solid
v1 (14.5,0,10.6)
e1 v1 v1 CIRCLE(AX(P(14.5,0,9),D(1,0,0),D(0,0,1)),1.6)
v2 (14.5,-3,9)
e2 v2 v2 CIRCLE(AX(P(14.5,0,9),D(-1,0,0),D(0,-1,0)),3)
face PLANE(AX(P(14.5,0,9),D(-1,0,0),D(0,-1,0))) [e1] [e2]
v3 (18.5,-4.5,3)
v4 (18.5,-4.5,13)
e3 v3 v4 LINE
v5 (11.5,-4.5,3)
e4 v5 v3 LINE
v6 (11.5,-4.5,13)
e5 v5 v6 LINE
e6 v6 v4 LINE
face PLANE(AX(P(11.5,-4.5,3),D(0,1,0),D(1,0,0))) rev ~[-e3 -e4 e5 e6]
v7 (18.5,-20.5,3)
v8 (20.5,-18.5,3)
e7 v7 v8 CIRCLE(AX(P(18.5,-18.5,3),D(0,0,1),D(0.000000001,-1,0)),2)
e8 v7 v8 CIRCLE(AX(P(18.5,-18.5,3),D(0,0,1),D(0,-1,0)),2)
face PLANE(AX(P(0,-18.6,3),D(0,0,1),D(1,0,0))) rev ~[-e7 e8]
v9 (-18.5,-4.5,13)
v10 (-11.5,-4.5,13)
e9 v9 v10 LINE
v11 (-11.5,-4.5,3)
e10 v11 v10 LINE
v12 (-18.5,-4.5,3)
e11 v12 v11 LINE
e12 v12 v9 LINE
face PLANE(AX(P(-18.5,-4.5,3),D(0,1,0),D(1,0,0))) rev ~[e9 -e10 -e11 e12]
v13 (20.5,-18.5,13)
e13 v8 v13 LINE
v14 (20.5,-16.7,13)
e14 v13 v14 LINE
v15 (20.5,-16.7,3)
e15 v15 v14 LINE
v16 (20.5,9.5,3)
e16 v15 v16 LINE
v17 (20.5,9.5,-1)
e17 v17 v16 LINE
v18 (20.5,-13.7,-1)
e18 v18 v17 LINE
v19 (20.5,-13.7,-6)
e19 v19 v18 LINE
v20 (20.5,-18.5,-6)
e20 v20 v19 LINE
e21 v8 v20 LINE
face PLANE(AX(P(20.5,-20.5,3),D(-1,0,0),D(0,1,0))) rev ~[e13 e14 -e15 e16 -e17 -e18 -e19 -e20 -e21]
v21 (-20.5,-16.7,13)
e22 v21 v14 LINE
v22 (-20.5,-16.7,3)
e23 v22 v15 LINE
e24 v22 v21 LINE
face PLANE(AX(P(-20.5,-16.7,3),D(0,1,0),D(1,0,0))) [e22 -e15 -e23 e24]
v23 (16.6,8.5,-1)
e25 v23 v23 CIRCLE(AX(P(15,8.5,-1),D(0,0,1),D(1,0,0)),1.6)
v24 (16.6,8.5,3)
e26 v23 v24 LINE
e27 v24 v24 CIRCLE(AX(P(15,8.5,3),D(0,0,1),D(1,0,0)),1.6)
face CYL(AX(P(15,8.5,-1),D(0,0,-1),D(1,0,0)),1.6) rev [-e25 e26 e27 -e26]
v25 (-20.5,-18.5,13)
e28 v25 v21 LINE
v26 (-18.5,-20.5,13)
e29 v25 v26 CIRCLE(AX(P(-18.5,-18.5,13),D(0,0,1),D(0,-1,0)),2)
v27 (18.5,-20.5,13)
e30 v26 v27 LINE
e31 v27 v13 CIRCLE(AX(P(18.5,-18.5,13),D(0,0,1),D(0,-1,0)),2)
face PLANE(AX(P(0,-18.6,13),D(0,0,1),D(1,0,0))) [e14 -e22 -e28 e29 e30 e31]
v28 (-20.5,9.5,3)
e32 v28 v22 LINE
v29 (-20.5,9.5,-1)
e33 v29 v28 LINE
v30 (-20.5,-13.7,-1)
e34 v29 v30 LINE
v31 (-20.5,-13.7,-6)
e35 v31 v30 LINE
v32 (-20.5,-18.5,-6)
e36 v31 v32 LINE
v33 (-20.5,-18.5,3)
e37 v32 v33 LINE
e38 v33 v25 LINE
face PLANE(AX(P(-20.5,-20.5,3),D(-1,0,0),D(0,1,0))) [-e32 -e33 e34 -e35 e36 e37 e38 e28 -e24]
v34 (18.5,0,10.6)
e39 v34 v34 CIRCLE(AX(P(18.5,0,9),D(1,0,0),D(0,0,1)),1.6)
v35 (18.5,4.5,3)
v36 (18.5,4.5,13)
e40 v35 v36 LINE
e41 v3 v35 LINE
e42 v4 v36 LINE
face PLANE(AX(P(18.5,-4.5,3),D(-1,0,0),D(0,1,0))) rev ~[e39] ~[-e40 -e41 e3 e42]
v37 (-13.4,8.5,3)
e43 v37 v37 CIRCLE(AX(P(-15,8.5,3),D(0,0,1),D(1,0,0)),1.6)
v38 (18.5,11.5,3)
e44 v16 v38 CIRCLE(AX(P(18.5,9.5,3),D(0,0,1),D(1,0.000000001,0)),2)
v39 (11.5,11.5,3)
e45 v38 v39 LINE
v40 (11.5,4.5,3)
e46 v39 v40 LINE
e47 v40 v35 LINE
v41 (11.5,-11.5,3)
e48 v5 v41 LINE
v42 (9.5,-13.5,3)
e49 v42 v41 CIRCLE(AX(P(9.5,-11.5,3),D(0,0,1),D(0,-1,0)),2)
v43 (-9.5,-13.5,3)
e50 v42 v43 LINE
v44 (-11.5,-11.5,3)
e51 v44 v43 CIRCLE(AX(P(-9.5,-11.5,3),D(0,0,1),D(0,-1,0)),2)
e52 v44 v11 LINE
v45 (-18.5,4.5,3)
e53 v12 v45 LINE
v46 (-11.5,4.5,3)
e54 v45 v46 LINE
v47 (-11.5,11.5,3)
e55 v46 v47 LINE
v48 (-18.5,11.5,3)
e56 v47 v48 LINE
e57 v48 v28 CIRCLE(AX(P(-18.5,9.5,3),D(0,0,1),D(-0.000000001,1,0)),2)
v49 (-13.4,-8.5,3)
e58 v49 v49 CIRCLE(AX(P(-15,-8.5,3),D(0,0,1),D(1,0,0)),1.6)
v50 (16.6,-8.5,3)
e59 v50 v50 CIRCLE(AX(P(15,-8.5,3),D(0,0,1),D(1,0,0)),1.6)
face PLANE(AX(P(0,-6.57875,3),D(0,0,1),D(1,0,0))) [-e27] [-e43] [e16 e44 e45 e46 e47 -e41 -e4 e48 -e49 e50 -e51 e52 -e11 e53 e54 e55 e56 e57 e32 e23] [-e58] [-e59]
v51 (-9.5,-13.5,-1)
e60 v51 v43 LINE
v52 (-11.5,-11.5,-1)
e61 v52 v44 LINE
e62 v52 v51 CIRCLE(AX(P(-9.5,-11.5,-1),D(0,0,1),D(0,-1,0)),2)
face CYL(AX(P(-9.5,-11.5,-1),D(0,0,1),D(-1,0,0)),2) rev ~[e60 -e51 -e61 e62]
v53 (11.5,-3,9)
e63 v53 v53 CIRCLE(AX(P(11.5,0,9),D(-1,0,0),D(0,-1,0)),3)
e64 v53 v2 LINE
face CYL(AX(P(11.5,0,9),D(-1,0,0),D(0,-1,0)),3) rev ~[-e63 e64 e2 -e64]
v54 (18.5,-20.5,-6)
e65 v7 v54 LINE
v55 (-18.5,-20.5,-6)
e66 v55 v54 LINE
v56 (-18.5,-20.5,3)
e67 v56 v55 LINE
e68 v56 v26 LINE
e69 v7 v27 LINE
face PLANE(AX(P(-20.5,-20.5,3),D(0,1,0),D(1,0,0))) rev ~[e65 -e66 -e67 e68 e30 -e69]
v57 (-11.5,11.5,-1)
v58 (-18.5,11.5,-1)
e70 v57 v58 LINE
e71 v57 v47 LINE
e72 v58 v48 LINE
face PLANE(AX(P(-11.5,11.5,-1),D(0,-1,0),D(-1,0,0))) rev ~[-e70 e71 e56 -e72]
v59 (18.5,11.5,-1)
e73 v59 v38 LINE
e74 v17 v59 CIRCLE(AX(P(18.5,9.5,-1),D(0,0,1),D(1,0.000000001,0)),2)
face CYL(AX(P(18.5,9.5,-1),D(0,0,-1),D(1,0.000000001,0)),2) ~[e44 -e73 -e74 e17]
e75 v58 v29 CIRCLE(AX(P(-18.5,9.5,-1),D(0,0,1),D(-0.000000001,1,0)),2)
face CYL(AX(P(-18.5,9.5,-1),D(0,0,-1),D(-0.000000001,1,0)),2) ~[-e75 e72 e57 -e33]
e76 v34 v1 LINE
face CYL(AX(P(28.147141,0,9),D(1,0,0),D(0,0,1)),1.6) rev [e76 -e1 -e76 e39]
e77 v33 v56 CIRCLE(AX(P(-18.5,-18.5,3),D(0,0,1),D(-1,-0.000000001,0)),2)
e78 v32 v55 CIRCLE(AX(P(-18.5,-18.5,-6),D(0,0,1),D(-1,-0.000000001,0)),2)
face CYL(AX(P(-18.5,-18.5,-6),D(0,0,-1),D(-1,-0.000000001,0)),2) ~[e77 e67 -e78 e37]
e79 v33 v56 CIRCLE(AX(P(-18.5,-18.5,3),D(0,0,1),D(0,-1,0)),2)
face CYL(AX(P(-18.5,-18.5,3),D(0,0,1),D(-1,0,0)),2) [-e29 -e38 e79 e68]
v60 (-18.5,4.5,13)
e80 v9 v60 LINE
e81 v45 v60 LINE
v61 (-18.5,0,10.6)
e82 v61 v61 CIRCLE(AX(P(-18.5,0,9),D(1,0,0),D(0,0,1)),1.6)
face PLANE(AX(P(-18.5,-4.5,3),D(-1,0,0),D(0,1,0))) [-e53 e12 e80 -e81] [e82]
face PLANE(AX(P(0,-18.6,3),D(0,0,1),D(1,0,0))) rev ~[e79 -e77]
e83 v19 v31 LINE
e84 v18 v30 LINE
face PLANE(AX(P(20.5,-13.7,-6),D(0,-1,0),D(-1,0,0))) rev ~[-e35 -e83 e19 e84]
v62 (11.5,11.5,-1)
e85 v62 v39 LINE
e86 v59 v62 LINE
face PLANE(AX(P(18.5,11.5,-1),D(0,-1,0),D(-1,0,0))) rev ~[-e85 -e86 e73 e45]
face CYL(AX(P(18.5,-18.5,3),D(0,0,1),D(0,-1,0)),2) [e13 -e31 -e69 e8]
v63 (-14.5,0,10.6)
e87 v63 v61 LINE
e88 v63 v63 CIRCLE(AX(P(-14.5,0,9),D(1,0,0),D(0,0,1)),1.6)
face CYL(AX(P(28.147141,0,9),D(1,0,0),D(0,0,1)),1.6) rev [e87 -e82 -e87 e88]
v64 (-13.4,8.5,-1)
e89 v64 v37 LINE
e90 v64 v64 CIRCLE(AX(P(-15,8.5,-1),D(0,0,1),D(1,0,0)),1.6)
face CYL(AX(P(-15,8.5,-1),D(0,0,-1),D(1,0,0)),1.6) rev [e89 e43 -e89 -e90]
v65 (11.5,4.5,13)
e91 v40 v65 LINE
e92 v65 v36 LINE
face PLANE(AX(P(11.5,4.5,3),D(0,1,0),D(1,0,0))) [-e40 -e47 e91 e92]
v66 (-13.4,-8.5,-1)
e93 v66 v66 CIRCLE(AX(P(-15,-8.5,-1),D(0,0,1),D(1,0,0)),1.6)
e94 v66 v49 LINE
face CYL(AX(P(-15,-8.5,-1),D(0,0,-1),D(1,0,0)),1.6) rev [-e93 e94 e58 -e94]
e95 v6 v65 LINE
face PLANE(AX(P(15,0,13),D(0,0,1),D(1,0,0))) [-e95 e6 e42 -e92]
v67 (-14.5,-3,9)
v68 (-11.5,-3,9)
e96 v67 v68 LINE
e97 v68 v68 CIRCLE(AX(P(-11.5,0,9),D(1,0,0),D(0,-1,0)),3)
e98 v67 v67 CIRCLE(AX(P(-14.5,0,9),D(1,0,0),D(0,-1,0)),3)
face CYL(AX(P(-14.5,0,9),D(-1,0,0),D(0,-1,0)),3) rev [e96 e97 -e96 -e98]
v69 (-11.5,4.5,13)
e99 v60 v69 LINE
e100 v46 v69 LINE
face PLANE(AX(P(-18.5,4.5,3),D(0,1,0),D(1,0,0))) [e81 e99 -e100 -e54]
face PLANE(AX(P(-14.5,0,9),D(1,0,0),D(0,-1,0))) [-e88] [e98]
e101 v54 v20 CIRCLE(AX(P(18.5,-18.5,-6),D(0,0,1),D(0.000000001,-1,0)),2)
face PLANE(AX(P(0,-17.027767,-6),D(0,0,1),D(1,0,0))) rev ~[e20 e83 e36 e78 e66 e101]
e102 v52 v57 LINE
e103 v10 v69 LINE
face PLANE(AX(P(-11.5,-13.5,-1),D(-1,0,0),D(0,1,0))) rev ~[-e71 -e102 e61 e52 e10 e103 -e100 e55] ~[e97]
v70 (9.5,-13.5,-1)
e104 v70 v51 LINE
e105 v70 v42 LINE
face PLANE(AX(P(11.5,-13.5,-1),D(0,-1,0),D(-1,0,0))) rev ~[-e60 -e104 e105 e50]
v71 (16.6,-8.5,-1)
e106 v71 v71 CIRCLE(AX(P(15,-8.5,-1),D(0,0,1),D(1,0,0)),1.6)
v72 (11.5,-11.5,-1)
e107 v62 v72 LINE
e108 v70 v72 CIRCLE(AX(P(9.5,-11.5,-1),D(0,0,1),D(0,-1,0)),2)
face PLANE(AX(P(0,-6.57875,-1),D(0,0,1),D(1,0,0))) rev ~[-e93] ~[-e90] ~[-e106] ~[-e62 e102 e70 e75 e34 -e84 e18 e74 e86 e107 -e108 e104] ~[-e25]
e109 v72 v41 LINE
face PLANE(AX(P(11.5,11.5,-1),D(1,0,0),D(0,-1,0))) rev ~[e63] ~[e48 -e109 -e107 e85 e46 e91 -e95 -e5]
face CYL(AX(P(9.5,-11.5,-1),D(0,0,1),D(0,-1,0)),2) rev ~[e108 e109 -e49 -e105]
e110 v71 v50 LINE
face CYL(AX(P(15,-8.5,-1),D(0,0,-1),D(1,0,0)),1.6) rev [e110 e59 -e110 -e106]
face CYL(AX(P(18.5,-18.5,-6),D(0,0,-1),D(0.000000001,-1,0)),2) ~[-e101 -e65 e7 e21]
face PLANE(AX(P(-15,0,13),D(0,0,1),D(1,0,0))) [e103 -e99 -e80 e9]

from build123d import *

# Parameters (mm, degrees)
EXTRUDE_5_DEPTH          = 3
EXTRUDE_5_DEPTH_BACK     = 1
SKETCH_1_R               = 1.6
SKETCH_6_W               = 7
SKETCH_6_H               = 9
EXTRUDE_6_DEPTH          = 10
CUT_EXTRUDE_3_DEPTH      = 48.647140523
CUT_EXTRUDE_3_DEPTH_BACK = 48.647140523
SKETCH_7_R               = 1.6
FILLET_1_R               = 2
EXTRUDE_START            = 5
EXTRUDE_7_DEPTH          = 5
SKETCH_9_R               = 3
CUT_EXTRUDE_4_DEPTH      = 3
CUT_EXTRUDE_START        = -3
SKETCH_10_R              = 3
CUT_EXTRUDE_5_DEPTH      = 3
SKETCH_11_W              = 41
SKETCH_11_H              = 3.8
EXTRUDE_8_DEPTH          = 10
FILLET_2_R               = 2


with BuildPart() as part:
    # 草图1 → 凸台-拉伸5 (new, two sides: drawn at the far end of the back side and taken through both)
    with BuildSketch(Plane.XY.offset(-EXTRUDE_5_DEPTH_BACK)):
        with BuildLine():
            Line((-11.5, -13.5), (-11.5, 11.5))
            Line((-11.5, 11.5), (-18.5, 11.5))
            ThreePointArc((-18.5, 11.5), (-19.914213562, 10.914213562), (-20.5, 9.5))
            Line((-20.5, 9.5), (-20.5, -18.5))
            ThreePointArc((-20.5, -18.5), (-19.914213562, -19.914213562), (-18.5, -20.5))
            Line((-18.5, -20.5), (18.5, -20.5))
            ThreePointArc((18.5, -20.5), (19.914213562, -19.914213562), (20.5, -18.5))
            Line((20.5, -18.5), (20.5, 9.5))
            ThreePointArc((20.5, 9.5), (19.914213562, 10.914213562), (18.5, 11.5))
            Line((18.5, 11.5), (11.5, 11.5))
            Line((11.5, 11.5), (11.5, -13.5))
            Line((11.5, -13.5), (-11.5, -13.5))
        make_face()
        with Locations((-15, 8.5)):
            Circle(SKETCH_1_R, mode=Mode.SUBTRACT)
        with Locations((-15, -8.5)):
            Circle(SKETCH_1_R, mode=Mode.SUBTRACT)
        with Locations((15, 8.5)):
            Circle(SKETCH_1_R, mode=Mode.SUBTRACT)
        with Locations((15, -8.5)):
            Circle(SKETCH_1_R, mode=Mode.SUBTRACT)
    extrude(amount=EXTRUDE_5_DEPTH + EXTRUDE_5_DEPTH_BACK)

    # 草图6 → 凸台-拉伸6 (add)
    with BuildSketch(Plane.XY.offset(3)):
        with Locations((-15, 0)):
            Rectangle(SKETCH_6_W, SKETCH_6_H)
        with Locations((15, 0)):
            Rectangle(SKETCH_6_W, SKETCH_6_H)
    extrude(amount=EXTRUDE_6_DEPTH)

    # 草图7 → 切除-拉伸3 (cut, two sides: drawn at the far end of the back side and taken through both)
    with BuildSketch(Plane.ZY.offset(20.5).offset(-CUT_EXTRUDE_3_DEPTH_BACK)):
        with Locations((9, 0)):
            Circle(SKETCH_7_R)
    extrude(amount=CUT_EXTRUDE_3_DEPTH + CUT_EXTRUDE_3_DEPTH_BACK, mode=Mode.SUBTRACT)

    # 圆角1
    fillet_1_edges = [part.edges().sort_by_distance(p)[0] for p in [
        (-11.5, -13.5, 1),
        (11.5, -13.5, 1),
    ]]
    fillet(fillet_1_edges, radius=FILLET_1_R)

    # 草图8 → 凸台-拉伸7 (add)
    with BuildSketch(Plane(origin=(0, 0, -1), x_dir=(-1, 0, 0), z_dir=(0, 0, -1)).offset(EXTRUDE_START)):
        with BuildLine():
            Line((-20.5, -18.5), (-20.5, -13.7))
            Line((-20.5, -13.7), (20.5, -13.7))
            Line((20.5, -13.7), (20.5, -18.5))
            ThreePointArc((20.5, -18.5), (19.914213562, -19.914213562), (18.5, -20.5))
            Line((18.5, -20.5), (-18.5, -20.5))
            ThreePointArc((-18.5, -20.5), (-19.914213562, -19.914213562), (-20.5, -18.5))
        make_face()
    extrude(amount=-EXTRUDE_7_DEPTH)

    # 草图9 → 切除-拉伸4 (cut)
    with BuildSketch(Plane.ZY.offset(-11.5)):
        with Locations(Location((9, 0, 0), (0, 0, 270))):
            Circle(SKETCH_9_R)
    extrude(amount=-CUT_EXTRUDE_4_DEPTH, mode=Mode.SUBTRACT)

    # 草图10 → 切除-拉伸5 (cut)
    with BuildSketch(Plane(origin=(-11.5, 0, 0), x_dir=(0, 0, -1), z_dir=(1, 0, 0)).offset(CUT_EXTRUDE_START)):
        with Locations(Location((-9, 0, 0), (0, 0, 270))):
            Circle(SKETCH_10_R)
    extrude(amount=CUT_EXTRUDE_5_DEPTH, mode=Mode.SUBTRACT)

    # 草图11 → 凸台-拉伸8 (add)
    with BuildSketch(Plane.XY.offset(3)):
        with Locations((0, -18.6)):
            Rectangle(SKETCH_11_W, SKETCH_11_H)
    extrude(amount=EXTRUDE_8_DEPTH)

    # 圆角2
    fillet_2_edges = [part.edges().sort_by_distance(p)[0] for p in [
        (-20.5, -20.5, 8),
        (20.5, -20.5, 8),
    ]]
    fillet(fillet_2_edges, radius=FILLET_2_R)


solid = part.part
